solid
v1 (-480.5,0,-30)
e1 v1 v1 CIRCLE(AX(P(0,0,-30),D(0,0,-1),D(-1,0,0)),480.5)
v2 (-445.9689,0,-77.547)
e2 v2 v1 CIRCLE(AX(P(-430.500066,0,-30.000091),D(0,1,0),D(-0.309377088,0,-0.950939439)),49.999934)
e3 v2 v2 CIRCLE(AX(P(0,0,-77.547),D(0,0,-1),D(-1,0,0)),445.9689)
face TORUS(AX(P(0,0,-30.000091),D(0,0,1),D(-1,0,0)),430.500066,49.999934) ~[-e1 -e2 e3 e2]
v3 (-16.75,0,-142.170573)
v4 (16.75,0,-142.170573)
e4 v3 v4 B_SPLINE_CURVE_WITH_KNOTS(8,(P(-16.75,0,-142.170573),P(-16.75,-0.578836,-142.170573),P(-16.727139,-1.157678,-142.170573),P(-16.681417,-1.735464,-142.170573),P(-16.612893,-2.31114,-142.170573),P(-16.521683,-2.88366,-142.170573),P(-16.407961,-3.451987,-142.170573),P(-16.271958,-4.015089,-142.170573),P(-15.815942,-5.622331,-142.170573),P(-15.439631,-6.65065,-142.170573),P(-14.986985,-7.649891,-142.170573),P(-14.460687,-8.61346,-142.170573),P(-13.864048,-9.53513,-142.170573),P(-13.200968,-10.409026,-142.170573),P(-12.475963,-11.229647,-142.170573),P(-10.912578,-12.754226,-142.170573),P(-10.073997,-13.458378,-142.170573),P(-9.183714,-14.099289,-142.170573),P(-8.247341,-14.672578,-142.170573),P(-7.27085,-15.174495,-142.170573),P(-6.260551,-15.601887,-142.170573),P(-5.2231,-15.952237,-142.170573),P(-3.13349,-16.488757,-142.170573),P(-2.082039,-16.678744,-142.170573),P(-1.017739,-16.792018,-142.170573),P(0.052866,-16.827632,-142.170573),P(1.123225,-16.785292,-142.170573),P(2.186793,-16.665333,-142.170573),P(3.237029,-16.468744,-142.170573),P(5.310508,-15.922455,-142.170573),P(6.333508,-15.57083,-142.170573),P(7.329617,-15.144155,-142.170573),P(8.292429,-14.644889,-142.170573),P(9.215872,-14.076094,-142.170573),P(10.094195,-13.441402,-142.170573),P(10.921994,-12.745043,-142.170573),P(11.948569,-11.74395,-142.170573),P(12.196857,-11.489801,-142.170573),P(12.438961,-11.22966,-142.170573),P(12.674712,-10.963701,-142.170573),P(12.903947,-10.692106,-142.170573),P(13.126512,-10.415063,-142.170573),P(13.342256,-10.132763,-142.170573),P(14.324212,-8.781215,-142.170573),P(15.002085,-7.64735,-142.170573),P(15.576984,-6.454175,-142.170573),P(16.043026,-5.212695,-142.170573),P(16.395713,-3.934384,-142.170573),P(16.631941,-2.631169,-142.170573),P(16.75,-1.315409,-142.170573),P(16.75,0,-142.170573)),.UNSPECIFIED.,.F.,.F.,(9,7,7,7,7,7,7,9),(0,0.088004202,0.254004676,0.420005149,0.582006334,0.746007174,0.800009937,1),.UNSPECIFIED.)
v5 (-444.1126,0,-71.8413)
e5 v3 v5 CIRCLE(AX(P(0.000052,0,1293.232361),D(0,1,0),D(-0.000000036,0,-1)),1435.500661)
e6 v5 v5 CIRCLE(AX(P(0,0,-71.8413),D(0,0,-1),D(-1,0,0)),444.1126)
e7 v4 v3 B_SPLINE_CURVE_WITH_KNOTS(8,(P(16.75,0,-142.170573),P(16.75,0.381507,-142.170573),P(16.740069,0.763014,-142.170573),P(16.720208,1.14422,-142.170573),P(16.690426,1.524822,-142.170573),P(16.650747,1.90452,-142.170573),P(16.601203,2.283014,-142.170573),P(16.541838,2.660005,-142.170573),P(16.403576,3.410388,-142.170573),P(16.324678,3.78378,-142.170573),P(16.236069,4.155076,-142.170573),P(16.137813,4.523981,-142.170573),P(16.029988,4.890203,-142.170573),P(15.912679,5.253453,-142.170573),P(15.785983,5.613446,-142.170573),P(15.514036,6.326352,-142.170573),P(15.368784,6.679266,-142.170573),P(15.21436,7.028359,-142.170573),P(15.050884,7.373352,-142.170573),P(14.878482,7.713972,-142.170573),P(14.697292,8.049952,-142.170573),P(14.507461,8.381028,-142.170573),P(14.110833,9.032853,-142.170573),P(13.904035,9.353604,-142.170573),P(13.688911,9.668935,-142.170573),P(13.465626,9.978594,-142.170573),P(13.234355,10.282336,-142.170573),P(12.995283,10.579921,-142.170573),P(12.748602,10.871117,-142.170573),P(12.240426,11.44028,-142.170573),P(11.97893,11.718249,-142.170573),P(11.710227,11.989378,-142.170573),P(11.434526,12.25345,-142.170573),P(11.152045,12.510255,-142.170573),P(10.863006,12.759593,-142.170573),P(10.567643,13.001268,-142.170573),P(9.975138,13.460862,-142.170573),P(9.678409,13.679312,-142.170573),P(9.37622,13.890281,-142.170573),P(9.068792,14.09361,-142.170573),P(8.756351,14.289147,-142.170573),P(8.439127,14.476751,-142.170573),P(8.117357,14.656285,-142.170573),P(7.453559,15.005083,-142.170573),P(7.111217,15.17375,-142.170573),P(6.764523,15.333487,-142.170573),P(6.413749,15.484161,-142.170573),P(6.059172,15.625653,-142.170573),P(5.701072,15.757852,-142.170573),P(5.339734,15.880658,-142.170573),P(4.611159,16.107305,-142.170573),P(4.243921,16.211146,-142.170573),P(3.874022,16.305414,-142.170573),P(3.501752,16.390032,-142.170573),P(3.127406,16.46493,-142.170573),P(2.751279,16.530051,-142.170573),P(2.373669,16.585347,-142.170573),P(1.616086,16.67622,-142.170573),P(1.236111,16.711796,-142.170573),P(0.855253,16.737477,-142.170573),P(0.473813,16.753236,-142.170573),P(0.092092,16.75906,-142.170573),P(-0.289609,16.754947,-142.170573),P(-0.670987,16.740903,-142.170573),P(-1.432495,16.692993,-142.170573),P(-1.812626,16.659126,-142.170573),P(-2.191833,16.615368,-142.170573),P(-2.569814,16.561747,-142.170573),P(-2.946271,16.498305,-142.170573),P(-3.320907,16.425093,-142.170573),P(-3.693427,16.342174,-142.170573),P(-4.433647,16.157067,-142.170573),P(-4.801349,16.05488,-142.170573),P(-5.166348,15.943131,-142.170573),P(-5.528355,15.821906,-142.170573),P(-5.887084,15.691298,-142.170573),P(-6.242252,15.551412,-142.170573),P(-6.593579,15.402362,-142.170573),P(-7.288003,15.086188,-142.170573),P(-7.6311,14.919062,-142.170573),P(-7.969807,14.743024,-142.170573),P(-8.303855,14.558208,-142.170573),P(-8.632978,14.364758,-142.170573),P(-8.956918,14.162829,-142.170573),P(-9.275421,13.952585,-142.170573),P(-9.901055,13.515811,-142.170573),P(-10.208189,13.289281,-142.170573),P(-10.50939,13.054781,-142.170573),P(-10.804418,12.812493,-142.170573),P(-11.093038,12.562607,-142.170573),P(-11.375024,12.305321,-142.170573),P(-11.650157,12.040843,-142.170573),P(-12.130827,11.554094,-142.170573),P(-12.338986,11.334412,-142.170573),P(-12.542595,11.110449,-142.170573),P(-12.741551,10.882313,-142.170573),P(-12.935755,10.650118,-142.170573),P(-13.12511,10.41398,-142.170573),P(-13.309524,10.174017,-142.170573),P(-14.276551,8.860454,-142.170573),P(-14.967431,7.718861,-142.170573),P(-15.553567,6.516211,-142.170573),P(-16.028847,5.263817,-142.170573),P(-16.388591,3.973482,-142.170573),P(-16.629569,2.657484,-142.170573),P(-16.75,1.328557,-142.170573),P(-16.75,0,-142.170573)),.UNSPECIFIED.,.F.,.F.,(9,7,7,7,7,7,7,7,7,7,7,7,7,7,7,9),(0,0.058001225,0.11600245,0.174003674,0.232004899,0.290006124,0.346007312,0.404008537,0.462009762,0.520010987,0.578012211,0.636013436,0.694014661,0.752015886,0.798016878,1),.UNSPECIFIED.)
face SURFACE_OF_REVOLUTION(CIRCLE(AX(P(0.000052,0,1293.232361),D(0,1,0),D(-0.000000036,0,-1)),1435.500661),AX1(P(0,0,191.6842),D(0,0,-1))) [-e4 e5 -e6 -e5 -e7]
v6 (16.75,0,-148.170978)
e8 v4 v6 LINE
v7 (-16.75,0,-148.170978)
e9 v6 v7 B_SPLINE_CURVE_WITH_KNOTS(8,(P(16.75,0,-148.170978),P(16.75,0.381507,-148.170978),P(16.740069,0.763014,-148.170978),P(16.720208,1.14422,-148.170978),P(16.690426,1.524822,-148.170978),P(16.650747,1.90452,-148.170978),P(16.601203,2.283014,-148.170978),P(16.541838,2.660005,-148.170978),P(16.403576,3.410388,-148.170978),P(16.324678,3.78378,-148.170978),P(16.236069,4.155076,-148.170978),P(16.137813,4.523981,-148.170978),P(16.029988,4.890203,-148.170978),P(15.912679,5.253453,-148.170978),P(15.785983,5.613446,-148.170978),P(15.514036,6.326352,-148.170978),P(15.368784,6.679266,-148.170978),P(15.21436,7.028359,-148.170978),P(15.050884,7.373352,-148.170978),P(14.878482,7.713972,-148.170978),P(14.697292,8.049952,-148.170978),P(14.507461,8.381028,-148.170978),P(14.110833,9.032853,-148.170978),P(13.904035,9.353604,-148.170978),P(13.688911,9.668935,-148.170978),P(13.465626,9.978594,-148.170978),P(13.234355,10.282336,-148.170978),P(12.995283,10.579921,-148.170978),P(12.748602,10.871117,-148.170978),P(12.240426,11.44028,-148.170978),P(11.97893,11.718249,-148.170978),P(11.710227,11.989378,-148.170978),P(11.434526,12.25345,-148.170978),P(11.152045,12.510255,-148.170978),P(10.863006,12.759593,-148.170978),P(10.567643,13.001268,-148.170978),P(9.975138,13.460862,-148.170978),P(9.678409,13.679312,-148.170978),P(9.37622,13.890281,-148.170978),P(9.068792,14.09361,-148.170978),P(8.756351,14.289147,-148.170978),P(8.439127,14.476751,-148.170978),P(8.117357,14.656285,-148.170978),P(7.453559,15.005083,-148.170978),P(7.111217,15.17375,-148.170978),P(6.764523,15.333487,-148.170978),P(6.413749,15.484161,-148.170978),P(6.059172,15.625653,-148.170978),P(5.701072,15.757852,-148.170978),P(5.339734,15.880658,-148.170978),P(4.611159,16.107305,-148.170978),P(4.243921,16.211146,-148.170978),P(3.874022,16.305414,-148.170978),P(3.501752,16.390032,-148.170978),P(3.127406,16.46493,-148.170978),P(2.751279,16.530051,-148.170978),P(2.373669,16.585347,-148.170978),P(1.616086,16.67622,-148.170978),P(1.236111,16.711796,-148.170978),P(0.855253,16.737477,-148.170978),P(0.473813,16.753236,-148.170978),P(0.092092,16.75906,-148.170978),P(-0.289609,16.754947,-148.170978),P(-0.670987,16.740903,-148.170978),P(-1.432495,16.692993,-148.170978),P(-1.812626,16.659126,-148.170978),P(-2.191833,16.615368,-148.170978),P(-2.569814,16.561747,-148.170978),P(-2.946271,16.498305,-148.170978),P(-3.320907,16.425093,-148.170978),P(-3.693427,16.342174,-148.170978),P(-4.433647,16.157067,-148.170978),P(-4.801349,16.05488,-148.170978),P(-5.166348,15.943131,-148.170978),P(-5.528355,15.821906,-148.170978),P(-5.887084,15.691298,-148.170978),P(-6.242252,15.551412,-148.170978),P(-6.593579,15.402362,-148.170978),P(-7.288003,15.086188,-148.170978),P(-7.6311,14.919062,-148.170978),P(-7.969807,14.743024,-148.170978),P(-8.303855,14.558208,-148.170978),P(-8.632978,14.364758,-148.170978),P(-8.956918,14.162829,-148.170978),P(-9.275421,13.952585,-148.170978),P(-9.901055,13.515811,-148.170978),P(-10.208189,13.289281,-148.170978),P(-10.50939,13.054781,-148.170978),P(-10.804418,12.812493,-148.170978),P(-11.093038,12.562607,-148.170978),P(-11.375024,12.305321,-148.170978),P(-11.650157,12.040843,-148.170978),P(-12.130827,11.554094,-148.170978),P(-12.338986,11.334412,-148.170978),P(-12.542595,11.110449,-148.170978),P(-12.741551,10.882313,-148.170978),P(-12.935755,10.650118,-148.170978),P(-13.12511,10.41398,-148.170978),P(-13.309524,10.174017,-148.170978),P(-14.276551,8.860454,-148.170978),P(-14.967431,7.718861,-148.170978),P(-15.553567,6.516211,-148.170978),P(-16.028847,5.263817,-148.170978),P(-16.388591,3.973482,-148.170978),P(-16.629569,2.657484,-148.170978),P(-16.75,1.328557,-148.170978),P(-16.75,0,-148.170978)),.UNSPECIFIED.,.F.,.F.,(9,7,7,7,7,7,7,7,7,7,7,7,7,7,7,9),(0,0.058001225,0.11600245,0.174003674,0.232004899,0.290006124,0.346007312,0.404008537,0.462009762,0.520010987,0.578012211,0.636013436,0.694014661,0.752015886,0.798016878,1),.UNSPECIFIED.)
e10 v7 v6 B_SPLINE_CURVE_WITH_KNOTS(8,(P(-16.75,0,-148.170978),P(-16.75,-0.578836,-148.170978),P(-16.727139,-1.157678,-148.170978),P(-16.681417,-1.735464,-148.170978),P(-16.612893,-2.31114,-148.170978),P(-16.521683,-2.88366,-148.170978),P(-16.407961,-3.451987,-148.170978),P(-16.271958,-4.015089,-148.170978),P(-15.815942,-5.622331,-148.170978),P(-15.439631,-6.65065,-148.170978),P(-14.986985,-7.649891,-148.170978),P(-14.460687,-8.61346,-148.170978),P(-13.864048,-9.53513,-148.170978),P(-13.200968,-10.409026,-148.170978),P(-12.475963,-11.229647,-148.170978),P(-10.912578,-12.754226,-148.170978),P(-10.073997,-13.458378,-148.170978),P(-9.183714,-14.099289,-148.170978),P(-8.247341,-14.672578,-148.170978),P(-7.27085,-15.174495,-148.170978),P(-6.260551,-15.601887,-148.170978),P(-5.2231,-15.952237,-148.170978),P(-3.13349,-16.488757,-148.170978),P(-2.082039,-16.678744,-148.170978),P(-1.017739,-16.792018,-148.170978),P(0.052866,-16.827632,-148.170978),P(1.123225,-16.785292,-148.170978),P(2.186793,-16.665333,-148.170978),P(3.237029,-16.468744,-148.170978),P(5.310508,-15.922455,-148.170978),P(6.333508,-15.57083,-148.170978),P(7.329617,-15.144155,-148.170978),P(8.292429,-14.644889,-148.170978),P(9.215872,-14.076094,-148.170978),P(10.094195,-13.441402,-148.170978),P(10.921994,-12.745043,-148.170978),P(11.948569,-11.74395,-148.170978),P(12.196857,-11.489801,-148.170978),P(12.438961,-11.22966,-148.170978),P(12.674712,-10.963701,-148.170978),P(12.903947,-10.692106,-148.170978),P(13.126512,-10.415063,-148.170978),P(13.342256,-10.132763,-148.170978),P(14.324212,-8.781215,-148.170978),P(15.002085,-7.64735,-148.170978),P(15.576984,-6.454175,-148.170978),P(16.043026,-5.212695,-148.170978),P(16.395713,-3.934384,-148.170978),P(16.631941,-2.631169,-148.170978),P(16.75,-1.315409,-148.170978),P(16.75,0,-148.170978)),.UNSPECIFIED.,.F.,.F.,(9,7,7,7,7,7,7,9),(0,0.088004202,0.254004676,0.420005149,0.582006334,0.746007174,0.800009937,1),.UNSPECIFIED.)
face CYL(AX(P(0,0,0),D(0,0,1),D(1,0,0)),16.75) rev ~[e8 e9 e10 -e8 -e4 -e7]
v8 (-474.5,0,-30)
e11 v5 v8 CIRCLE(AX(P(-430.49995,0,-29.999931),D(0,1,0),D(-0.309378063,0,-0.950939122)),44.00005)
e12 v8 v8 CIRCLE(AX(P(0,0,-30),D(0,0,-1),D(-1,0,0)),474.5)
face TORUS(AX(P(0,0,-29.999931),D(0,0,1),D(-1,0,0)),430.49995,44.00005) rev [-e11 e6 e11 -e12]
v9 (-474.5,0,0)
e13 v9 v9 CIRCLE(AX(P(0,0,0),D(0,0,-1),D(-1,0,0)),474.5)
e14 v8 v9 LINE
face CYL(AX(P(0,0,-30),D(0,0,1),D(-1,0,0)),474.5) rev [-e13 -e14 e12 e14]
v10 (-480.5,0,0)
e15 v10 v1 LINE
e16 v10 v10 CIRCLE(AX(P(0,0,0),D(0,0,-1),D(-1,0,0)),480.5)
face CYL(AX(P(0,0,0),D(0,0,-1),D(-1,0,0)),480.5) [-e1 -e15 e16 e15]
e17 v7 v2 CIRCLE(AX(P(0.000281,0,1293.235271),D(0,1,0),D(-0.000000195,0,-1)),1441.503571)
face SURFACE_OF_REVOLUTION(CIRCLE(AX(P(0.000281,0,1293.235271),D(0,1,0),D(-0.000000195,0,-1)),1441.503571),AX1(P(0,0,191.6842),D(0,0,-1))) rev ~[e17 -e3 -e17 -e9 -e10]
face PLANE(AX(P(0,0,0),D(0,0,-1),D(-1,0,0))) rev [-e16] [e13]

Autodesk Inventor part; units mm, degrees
ref_plane "YZ Plane" through (0, 0, 0) normal (1, 0, 0) x (0, 1, 0)
ref_plane "XZ Plane" through (0, 0, 0) normal (0, 1, 0) x (-1, 0, 0)
ref_plane "XY Plane" through (0, 0, 0) normal (0, 0, 1) x (1, 0, 0)
sketch "Sketch1" plane through (0, 0, 0) normal (0, 1, 0) x (-1, 0, 0)
  line L0 (480.5, 0) -> (480.5, -30)
  arc A0 (445.9689, -77.547) -> (480.5, -30) centre (430.5, -30) ccw
  arc A1 (0, -148.2683) -> (445.9689, -77.547) centre (0, 1293.2317) ccw
  line L1 (0, 191.6842) -> (0, -191.6842)
  arc A2 (0, -142.2683) -> (444.1126, -71.8413) centre (0, 1293.2317) ccw
  arc A3 (444.1126, -71.8413) -> (474.5, -30) centre (430.5, -30) ccw
  line L2 (474.5, -30) -> (474.5, 0)
  line L3 (474.5, 0) -> (480.5, 0)
  line L4 (0, -142.2683) -> (0, -148.2683)
  point P0 (0, 0)
  point P1 (0, 0)
  point P2 (0, -145.2683)
  dimension "d0" = 50
  dimension "d1" = 30
  dimension "d3" = 1441.5
  dimension "d4" = 480.5
  dimension "d6" = 6
revolve "Revolution1" add sketch "Sketch1" angle 360 about axis through (0, 0, 191.6842) along (0, 0, -1)
sketch "Sketch2" plane through (0, 0, 0) normal (0, 0, 1) x (1, 0, 0)
  circle A0 centre (0, 0) radius 16.75
  dimension "d8" = 33.5
extrude "Extrusion1" cut sketch "Sketch2" against normal through all
properties part number "Сферическое дно D1000"
